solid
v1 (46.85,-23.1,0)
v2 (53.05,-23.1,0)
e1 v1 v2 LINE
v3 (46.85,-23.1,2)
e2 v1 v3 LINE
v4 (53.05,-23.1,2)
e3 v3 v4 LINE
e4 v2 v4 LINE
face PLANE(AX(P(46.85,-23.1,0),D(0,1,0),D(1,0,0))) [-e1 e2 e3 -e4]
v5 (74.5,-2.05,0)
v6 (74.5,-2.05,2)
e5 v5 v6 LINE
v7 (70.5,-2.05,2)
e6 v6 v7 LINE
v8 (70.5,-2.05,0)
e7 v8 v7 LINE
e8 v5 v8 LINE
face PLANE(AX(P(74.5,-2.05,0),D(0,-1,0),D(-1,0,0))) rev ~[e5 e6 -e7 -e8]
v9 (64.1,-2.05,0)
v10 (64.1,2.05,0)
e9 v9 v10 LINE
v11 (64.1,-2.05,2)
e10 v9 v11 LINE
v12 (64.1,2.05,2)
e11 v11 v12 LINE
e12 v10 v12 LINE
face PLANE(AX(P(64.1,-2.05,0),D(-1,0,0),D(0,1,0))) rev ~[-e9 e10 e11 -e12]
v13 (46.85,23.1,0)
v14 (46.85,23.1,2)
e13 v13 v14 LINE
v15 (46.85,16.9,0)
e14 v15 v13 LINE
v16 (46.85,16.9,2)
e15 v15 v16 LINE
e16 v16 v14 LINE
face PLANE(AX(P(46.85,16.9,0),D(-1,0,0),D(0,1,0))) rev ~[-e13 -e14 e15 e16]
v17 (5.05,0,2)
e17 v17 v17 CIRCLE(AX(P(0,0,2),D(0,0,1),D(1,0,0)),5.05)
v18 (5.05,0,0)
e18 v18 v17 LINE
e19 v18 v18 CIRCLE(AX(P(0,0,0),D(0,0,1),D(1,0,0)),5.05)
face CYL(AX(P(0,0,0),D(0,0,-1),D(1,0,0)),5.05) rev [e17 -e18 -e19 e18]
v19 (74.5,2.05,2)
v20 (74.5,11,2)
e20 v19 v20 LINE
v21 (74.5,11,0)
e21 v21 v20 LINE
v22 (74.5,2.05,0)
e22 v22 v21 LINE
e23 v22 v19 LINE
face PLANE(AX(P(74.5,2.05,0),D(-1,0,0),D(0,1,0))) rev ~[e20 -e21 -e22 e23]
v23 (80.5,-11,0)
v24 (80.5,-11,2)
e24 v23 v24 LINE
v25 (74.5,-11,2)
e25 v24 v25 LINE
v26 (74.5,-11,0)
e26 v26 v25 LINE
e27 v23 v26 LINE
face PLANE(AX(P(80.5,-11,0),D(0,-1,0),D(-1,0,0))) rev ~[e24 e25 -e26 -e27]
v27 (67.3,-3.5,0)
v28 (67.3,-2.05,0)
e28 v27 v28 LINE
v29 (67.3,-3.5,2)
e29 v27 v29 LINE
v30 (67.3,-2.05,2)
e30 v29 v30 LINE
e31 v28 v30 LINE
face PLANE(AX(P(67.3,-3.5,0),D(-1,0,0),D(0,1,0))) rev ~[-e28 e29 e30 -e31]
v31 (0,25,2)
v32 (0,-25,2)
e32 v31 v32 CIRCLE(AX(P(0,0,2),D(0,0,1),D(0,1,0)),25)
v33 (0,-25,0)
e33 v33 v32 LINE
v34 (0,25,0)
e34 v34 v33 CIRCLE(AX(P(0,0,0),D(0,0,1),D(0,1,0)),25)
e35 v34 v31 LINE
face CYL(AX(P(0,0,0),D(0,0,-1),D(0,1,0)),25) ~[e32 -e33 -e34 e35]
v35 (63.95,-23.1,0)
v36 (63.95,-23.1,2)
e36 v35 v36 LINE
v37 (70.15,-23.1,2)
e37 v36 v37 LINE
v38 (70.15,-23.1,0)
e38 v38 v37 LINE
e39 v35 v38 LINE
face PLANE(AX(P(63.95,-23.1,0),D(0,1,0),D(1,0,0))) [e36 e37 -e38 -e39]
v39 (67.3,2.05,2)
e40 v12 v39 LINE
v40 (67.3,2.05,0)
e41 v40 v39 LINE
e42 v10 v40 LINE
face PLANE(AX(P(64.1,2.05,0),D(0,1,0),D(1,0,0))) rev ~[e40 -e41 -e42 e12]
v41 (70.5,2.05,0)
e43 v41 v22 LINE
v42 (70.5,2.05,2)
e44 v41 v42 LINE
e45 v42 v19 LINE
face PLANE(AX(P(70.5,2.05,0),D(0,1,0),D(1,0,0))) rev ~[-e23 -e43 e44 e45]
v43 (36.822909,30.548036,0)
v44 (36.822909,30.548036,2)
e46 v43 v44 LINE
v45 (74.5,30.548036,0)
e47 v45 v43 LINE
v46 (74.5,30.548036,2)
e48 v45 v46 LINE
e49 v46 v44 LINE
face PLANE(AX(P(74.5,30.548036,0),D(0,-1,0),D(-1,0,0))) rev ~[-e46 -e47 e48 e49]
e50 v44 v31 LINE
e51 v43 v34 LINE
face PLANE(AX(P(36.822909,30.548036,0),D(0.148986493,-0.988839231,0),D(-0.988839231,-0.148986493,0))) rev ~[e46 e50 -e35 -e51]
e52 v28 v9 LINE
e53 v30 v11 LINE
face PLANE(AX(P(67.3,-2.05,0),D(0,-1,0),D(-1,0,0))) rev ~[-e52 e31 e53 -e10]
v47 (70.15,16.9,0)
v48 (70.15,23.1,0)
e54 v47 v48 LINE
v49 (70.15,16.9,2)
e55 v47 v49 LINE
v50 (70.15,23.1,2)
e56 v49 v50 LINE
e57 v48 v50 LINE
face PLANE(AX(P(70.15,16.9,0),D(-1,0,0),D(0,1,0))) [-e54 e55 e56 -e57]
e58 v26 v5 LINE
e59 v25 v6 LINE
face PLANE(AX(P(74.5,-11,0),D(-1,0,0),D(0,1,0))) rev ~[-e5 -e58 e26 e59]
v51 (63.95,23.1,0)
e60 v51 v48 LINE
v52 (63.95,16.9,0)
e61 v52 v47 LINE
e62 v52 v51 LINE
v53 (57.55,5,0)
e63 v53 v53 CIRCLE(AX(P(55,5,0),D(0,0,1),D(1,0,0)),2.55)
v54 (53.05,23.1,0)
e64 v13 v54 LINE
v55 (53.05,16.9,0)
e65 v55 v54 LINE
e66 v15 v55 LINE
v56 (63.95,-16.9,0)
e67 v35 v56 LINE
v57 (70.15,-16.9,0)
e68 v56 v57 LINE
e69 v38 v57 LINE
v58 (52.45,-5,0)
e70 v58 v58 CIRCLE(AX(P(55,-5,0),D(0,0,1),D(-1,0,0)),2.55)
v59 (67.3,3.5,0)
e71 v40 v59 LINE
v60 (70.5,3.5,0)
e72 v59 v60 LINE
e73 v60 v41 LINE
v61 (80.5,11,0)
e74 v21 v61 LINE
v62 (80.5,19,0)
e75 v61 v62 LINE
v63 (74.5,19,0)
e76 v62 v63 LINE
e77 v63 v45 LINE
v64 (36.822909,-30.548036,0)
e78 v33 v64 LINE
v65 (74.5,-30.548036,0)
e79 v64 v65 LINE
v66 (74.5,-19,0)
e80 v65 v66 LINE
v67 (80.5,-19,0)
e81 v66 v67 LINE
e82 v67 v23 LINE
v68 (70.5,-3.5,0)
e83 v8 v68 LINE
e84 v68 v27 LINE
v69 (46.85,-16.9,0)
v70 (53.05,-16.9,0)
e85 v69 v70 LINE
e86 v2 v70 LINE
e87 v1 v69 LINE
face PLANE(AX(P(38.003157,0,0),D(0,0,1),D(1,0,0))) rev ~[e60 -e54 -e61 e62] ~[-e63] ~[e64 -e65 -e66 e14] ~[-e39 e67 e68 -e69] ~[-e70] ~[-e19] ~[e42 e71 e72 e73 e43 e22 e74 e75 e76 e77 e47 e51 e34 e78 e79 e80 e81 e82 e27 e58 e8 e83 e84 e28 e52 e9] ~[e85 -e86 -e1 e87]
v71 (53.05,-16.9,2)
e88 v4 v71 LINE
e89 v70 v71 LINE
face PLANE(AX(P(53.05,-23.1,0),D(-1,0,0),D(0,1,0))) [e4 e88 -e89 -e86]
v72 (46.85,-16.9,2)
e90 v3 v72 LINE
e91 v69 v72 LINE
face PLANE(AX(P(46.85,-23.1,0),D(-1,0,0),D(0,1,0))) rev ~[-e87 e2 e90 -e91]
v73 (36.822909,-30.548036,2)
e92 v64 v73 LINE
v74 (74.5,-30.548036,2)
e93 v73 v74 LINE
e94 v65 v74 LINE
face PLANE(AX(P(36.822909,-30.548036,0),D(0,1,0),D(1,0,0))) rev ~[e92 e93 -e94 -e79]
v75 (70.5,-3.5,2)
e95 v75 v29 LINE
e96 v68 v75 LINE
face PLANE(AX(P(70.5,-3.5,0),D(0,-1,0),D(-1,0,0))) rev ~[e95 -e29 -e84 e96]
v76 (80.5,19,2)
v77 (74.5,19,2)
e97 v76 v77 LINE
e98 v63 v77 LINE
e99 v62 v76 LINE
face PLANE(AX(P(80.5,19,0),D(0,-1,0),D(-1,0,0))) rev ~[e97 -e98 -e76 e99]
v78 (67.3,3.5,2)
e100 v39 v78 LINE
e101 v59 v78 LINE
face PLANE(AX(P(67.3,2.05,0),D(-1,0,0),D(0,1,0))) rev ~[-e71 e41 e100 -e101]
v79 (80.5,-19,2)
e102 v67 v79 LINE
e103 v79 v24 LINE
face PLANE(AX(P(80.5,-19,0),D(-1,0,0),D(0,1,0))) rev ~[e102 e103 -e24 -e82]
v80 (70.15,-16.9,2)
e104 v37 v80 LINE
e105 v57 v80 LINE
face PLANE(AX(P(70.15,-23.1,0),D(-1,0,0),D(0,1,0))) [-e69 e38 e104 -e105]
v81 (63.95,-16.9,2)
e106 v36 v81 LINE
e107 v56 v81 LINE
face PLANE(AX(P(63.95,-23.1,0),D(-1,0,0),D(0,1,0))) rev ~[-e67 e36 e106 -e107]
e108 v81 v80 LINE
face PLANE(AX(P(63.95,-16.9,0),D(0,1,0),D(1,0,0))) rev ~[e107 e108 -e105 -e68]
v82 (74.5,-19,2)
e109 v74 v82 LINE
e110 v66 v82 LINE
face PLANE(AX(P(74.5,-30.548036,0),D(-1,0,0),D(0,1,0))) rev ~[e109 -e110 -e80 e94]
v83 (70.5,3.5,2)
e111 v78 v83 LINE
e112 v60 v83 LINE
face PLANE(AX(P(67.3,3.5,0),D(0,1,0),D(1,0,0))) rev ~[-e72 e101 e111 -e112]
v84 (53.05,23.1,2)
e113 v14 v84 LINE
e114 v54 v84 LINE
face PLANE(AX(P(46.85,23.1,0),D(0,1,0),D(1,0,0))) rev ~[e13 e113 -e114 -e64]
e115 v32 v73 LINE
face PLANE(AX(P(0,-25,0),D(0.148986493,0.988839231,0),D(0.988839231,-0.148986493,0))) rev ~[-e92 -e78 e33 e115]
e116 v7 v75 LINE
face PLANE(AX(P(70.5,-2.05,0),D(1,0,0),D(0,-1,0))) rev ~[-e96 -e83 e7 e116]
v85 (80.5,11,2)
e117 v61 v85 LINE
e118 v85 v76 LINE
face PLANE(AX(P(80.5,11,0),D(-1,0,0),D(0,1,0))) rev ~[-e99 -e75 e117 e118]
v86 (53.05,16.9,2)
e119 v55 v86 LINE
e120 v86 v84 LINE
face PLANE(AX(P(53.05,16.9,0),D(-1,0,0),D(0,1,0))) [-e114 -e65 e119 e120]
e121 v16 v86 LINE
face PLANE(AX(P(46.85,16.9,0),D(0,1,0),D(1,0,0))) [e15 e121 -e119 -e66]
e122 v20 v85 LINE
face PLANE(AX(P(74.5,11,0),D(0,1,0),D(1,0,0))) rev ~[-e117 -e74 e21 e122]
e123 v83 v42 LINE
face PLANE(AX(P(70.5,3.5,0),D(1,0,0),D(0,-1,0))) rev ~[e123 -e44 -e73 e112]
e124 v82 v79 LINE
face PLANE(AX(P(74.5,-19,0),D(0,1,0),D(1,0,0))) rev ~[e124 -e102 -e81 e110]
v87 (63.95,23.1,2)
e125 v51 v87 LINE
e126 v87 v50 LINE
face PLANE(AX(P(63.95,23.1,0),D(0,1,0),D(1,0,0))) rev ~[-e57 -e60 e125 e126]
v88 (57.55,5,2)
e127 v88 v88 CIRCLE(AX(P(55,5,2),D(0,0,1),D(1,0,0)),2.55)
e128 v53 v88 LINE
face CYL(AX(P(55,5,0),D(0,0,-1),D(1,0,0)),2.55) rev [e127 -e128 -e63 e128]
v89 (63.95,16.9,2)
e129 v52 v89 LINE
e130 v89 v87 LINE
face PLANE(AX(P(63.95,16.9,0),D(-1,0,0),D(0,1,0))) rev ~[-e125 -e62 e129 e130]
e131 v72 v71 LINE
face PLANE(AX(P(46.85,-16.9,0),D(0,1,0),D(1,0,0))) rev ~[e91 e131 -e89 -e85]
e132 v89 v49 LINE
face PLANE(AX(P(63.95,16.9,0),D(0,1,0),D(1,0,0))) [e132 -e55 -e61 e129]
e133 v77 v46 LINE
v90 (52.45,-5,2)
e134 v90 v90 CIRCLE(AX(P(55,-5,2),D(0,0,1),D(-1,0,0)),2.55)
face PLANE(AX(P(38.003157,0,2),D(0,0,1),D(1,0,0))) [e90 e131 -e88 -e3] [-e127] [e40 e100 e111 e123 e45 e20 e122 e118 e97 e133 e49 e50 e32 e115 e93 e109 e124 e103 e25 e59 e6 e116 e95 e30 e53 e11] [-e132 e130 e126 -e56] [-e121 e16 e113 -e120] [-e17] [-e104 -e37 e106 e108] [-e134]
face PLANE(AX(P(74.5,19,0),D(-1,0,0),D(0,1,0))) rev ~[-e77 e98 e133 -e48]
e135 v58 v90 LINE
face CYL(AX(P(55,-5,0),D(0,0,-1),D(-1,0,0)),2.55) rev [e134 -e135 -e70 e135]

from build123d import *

# Parameters (mm, degrees)
SKETCH_1_R      = 5.05
SKETCH_1_R_2    = 2.55
SKETCH_1_W      = 6.2
SKETCH_1_H      = 6.2
EXTRUDE_1_DEPTH = 2


with BuildPart() as part:
    # 草图1 → 凸台-拉伸1 (new body)
    with BuildSketch(Plane.XY):
        with BuildLine():
            Line((0, -25), (36.822908512, -30.548036369))
            Line((36.822908512, -30.548036369), (74.5, -30.548036369))
            Line((74.5, -30.548036369), (74.5, -19))
            Line((74.5, -19), (80.5, -19))
            Line((80.5, -19), (80.5, -11))
            Line((80.5, -11), (74.5, -11))
            Line((74.5, -11), (74.5, -2.05))
            Line((74.5, -2.05), (70.5, -2.05))
            Line((70.5, -2.05), (70.5, -3.5))
            Line((70.5, -3.5), (67.3, -3.5))
            Line((67.3, -3.5), (67.3, -2.05))
            Line((67.3, -2.05), (64.1, -2.05))
            Line((64.1, -2.05), (64.1, 2.05))
            Line((64.1, 2.05), (67.3, 2.05))
            Line((67.3, 2.05), (67.3, 3.5))
            Line((67.3, 3.5), (70.5, 3.5))
            Line((70.5, 3.5), (70.5, 2.05))
            Line((70.5, 2.05), (74.5, 2.05))
            Line((74.5, 2.05), (74.5, 11))
            Line((74.5, 11), (80.5, 11))
            Line((80.5, 11), (80.5, 19))
            Line((80.5, 19), (74.5, 19))
            Line((74.5, 19), (74.5, 30.548036369))
            Line((74.5, 30.548036369), (36.822908512, 30.548036369))
            Line((36.822908512, 30.548036369), (0, 25))
            ThreePointArc((0, 25), (-25, 0), (0, -25))
        make_face()
        Circle(SKETCH_1_R, mode=Mode.SUBTRACT)
        with Locations((55, 5)):
            Circle(SKETCH_1_R_2, mode=Mode.SUBTRACT)
        with Locations(Location((55, -5, 0), (0, 0, 180))):
            Circle(SKETCH_1_R_2, mode=Mode.SUBTRACT)
        with Locations((67.05, -20)):
            Rectangle(SKETCH_1_W, SKETCH_1_H, mode=Mode.SUBTRACT)
        with Locations((49.95, -20)):
            Rectangle(SKETCH_1_W, SKETCH_1_H, mode=Mode.SUBTRACT)
        with Locations((49.95, 20)):
            Rectangle(SKETCH_1_W, SKETCH_1_H, mode=Mode.SUBTRACT)
        with Locations((67.05, 20)):
            Rectangle(SKETCH_1_W, SKETCH_1_H, mode=Mode.SUBTRACT)
    extrude(amount=EXTRUDE_1_DEPTH)


solid = part.part
